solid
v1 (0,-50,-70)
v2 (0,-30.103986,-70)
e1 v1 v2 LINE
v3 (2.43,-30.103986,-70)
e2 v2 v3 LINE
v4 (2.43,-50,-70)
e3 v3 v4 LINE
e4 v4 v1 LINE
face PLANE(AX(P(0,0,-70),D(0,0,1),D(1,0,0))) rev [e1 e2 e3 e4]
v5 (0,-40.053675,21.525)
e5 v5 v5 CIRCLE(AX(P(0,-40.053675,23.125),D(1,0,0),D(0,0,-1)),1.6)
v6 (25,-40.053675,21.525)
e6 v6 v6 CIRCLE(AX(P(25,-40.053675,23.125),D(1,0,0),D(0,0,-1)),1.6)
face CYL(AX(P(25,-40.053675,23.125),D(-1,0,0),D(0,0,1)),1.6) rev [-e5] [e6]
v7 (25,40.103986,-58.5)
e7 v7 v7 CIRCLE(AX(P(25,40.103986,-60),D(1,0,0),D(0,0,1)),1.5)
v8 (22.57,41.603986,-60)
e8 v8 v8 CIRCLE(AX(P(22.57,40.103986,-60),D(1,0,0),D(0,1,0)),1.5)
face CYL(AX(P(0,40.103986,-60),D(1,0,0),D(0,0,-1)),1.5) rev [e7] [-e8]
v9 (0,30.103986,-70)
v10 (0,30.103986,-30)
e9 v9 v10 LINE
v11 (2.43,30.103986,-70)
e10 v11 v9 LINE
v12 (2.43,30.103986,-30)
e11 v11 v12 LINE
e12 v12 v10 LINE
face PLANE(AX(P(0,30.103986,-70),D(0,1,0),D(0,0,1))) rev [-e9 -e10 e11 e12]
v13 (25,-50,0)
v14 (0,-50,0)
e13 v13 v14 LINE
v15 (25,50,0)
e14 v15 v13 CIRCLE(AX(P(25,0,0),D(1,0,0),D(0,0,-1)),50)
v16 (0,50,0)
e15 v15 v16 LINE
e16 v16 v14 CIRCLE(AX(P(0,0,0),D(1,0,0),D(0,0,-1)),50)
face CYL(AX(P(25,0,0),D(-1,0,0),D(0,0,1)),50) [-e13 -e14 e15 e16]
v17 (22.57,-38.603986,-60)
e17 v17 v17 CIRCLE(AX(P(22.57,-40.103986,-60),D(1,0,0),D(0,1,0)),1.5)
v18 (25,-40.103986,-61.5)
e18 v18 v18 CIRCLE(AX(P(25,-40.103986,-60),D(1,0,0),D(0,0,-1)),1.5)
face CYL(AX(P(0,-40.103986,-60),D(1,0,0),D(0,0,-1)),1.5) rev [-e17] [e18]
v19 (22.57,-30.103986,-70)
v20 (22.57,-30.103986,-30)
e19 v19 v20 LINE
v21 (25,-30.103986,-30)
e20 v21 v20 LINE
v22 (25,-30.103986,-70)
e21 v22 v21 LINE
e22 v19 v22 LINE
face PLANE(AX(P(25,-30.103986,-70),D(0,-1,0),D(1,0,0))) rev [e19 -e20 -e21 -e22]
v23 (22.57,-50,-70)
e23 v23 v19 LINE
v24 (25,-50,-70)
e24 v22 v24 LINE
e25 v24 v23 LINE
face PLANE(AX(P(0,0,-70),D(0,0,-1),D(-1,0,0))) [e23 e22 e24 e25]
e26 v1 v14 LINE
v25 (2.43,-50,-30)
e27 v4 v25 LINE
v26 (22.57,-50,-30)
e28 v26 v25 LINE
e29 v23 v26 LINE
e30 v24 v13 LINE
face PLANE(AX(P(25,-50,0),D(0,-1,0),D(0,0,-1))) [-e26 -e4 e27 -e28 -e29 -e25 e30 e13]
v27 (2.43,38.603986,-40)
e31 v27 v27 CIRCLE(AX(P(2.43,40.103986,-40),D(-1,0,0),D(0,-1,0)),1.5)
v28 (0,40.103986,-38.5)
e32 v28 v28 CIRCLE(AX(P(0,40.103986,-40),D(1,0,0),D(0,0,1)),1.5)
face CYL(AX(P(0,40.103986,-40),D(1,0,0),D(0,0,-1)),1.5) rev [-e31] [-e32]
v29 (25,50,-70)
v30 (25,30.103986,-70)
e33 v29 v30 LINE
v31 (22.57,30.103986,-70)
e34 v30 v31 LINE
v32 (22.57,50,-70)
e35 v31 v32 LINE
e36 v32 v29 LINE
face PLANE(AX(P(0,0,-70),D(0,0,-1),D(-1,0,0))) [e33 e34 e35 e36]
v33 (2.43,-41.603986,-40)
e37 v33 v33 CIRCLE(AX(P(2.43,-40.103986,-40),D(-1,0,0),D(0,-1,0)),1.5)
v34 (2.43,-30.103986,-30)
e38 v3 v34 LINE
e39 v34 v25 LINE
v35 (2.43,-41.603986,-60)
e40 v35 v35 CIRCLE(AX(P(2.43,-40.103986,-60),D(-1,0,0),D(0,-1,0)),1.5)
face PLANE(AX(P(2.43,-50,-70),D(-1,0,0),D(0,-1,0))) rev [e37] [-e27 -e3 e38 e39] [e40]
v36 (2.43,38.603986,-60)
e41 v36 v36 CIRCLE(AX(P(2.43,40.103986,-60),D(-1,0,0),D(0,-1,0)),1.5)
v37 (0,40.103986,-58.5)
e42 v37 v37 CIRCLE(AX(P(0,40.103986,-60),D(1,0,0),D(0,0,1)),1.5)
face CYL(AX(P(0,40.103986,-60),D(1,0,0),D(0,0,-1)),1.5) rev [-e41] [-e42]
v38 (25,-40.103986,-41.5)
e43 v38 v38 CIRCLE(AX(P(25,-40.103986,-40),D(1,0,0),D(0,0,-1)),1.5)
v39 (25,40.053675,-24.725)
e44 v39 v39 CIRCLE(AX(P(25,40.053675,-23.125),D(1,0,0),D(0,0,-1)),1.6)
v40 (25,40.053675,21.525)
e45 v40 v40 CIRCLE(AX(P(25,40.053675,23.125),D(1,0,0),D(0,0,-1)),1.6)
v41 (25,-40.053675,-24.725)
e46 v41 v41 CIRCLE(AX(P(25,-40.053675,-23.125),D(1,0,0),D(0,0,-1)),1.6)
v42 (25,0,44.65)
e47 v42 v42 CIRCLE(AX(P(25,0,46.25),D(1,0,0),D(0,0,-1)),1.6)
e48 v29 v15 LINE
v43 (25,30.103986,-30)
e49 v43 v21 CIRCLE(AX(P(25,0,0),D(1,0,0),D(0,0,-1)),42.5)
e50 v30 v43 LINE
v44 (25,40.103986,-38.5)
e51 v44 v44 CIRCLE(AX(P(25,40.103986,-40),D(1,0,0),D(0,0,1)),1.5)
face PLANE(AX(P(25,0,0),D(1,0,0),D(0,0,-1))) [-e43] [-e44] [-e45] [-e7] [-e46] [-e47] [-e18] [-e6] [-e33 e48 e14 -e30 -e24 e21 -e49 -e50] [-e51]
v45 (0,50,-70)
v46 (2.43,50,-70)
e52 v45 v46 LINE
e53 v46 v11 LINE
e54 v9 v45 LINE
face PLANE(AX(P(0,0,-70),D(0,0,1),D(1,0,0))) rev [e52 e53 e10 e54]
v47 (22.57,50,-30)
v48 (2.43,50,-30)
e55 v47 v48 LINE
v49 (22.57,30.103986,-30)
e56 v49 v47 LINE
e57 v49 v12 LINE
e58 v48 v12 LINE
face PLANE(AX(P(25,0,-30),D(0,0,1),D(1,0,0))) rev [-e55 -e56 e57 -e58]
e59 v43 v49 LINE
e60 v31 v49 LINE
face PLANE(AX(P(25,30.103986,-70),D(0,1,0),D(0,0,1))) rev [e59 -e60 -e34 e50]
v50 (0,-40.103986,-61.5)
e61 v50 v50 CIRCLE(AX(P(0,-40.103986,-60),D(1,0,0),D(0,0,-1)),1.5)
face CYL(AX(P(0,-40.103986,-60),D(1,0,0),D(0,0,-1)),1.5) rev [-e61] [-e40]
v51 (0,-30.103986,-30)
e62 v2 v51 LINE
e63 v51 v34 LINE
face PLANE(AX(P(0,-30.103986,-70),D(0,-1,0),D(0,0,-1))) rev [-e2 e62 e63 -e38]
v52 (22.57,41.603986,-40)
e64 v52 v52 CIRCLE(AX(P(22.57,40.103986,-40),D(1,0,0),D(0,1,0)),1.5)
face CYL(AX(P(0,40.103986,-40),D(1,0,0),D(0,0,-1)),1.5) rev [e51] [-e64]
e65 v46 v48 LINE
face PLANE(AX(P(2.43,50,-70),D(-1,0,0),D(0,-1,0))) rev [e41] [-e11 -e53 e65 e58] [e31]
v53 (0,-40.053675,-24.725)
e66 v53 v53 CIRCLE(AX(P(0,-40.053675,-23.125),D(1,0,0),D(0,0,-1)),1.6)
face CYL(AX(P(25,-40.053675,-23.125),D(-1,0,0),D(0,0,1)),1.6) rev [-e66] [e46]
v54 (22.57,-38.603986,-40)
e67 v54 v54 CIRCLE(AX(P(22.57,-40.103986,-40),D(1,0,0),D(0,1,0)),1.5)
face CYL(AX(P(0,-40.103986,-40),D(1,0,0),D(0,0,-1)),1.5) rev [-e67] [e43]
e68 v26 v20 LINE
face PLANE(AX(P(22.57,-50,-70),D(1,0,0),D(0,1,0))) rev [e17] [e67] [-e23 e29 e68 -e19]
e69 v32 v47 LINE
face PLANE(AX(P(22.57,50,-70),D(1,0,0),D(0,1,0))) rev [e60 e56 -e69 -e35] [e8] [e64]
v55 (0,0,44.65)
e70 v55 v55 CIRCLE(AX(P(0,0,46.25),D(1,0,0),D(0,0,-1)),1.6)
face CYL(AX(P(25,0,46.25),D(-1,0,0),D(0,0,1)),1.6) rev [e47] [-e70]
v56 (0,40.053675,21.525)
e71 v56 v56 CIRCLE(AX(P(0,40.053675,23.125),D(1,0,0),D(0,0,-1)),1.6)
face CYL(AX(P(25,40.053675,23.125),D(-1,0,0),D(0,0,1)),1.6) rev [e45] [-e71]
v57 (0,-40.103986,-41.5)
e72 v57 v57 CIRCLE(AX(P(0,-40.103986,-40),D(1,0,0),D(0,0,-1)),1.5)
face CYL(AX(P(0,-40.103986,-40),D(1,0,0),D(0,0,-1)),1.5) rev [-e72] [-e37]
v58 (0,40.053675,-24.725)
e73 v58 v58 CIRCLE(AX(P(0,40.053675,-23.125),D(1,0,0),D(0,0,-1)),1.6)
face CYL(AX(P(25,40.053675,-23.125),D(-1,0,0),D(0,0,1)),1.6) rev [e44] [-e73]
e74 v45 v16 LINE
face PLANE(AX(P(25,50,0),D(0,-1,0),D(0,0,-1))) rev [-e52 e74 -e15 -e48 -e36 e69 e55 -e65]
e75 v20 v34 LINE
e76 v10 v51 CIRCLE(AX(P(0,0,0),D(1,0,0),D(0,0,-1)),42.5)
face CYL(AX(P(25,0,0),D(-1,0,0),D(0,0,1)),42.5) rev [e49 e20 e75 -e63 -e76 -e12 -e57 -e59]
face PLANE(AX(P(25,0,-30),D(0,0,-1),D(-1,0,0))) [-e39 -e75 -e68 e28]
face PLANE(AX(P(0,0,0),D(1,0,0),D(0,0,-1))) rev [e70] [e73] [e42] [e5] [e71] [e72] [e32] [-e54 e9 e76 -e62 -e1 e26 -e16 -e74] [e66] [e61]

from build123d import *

# Parameters (mm, degrees)
SKETCH_1_R          = 1.6
EXTRUDE_1_DEPTH     = 25
SKETCH_2_W          = 2.43
SKETCH_2_H          = 19.896013553
EXTRUDE_2_DEPTH     = 40
SKETCH_4_R          = 1.5
CUT_EXTRUDE_4_DEPTH = 90.582364336


with BuildPart() as part:
    # 草图1 → 凸台-拉伸1 (new body)
    # profile 1 of 2: a face of its own
    with BuildSketch(Plane(origin=(0, 0, 0), x_dir=(0, 0, -1), z_dir=(1, 0, 0))):
        with BuildLine():
            ThreePointArc((-47.85, 0), (-46.25, 1.6), (-44.65, 0))
            Line((-44.65, 0), (-42.5, 0))
            ThreePointArc((-42.5, 0), (-16.298006013, 39.25079617), (30, 30.103986447))
            Line((30, 30.103986447), (30, 50))
            Line((30, 50), (0, 50))
            ThreePointArc((0, 50), (-35.355339059, 35.355339059), (-50, 0))
            Line((-50, 0), (-47.85, 0))
        make_face()
        with Locations((-23.125, 40.053674925)):
            Circle(SKETCH_1_R, mode=Mode.SUBTRACT)
        with Locations((23.125, 40.053674925)):
            Circle(SKETCH_1_R, mode=Mode.SUBTRACT)
    # profile 2 of 2: a face of its own
    with BuildSketch(Plane(origin=(0, 0, 0), x_dir=(0, 0, -1), z_dir=(1, 0, 0))):
        with BuildLine():
            Line((-42.5, 0), (-44.65, 0))
            ThreePointArc((-44.65, 0), (-46.25, -1.6), (-47.85, 0))
            Line((-47.85, 0), (-50, 0))
            ThreePointArc((-50, 0), (-35.355339059, -35.355339059), (0, -50))
            Line((0, -50), (30, -50))
            Line((30, -50), (30, -30.103986447))
            ThreePointArc((30, -30.103986447), (-16.298006013, -39.25079617), (-42.5, 0))
        make_face()
        with Locations((-23.125, -40.053674925)):
            Circle(SKETCH_1_R, mode=Mode.SUBTRACT)
        with Locations((23.125, -40.053674925)):
            Circle(SKETCH_1_R, mode=Mode.SUBTRACT)
    extrude(amount=EXTRUDE_1_DEPTH)

    # 草图2 → 凸台-拉伸2 (add)
    with BuildSketch(Plane(origin=(0, 0, -30), x_dir=(-1, 0, 0), z_dir=(0, 0, -1))):
        with Locations((-23.785, 40.051993223)):
            Rectangle(SKETCH_2_W, SKETCH_2_H)
        with Locations((-1.215, 40.051993223)):
            Rectangle(SKETCH_2_W, SKETCH_2_H)
        with Locations((-1.215, -40.051993223)):
            Rectangle(SKETCH_2_W, SKETCH_2_H)
        with Locations((-23.785, -40.051993223)):
            Rectangle(SKETCH_2_W, SKETCH_2_H)
    extrude(amount=EXTRUDE_2_DEPTH)

    # 草图4 → 切除-拉伸4 (cut, through all)
    with BuildSketch(Plane(origin=(25, 0, 0), x_dir=(0, 0, -1), z_dir=(1, 0, 0))):
        with Locations((60, -40.103986447)):
            Circle(SKETCH_4_R)
        with Locations((40, -40.103986447)):
            Circle(SKETCH_4_R)
        with Locations(Location((40, 40.103986447, 0), (0, 0, 270))):
            Circle(SKETCH_4_R)
        with Locations(Location((60, 40.103986447, 0), (0, 0, 270))):
            Circle(SKETCH_4_R)
    extrude(amount=-CUT_EXTRUDE_4_DEPTH, mode=Mode.SUBTRACT)


solid = part.part
